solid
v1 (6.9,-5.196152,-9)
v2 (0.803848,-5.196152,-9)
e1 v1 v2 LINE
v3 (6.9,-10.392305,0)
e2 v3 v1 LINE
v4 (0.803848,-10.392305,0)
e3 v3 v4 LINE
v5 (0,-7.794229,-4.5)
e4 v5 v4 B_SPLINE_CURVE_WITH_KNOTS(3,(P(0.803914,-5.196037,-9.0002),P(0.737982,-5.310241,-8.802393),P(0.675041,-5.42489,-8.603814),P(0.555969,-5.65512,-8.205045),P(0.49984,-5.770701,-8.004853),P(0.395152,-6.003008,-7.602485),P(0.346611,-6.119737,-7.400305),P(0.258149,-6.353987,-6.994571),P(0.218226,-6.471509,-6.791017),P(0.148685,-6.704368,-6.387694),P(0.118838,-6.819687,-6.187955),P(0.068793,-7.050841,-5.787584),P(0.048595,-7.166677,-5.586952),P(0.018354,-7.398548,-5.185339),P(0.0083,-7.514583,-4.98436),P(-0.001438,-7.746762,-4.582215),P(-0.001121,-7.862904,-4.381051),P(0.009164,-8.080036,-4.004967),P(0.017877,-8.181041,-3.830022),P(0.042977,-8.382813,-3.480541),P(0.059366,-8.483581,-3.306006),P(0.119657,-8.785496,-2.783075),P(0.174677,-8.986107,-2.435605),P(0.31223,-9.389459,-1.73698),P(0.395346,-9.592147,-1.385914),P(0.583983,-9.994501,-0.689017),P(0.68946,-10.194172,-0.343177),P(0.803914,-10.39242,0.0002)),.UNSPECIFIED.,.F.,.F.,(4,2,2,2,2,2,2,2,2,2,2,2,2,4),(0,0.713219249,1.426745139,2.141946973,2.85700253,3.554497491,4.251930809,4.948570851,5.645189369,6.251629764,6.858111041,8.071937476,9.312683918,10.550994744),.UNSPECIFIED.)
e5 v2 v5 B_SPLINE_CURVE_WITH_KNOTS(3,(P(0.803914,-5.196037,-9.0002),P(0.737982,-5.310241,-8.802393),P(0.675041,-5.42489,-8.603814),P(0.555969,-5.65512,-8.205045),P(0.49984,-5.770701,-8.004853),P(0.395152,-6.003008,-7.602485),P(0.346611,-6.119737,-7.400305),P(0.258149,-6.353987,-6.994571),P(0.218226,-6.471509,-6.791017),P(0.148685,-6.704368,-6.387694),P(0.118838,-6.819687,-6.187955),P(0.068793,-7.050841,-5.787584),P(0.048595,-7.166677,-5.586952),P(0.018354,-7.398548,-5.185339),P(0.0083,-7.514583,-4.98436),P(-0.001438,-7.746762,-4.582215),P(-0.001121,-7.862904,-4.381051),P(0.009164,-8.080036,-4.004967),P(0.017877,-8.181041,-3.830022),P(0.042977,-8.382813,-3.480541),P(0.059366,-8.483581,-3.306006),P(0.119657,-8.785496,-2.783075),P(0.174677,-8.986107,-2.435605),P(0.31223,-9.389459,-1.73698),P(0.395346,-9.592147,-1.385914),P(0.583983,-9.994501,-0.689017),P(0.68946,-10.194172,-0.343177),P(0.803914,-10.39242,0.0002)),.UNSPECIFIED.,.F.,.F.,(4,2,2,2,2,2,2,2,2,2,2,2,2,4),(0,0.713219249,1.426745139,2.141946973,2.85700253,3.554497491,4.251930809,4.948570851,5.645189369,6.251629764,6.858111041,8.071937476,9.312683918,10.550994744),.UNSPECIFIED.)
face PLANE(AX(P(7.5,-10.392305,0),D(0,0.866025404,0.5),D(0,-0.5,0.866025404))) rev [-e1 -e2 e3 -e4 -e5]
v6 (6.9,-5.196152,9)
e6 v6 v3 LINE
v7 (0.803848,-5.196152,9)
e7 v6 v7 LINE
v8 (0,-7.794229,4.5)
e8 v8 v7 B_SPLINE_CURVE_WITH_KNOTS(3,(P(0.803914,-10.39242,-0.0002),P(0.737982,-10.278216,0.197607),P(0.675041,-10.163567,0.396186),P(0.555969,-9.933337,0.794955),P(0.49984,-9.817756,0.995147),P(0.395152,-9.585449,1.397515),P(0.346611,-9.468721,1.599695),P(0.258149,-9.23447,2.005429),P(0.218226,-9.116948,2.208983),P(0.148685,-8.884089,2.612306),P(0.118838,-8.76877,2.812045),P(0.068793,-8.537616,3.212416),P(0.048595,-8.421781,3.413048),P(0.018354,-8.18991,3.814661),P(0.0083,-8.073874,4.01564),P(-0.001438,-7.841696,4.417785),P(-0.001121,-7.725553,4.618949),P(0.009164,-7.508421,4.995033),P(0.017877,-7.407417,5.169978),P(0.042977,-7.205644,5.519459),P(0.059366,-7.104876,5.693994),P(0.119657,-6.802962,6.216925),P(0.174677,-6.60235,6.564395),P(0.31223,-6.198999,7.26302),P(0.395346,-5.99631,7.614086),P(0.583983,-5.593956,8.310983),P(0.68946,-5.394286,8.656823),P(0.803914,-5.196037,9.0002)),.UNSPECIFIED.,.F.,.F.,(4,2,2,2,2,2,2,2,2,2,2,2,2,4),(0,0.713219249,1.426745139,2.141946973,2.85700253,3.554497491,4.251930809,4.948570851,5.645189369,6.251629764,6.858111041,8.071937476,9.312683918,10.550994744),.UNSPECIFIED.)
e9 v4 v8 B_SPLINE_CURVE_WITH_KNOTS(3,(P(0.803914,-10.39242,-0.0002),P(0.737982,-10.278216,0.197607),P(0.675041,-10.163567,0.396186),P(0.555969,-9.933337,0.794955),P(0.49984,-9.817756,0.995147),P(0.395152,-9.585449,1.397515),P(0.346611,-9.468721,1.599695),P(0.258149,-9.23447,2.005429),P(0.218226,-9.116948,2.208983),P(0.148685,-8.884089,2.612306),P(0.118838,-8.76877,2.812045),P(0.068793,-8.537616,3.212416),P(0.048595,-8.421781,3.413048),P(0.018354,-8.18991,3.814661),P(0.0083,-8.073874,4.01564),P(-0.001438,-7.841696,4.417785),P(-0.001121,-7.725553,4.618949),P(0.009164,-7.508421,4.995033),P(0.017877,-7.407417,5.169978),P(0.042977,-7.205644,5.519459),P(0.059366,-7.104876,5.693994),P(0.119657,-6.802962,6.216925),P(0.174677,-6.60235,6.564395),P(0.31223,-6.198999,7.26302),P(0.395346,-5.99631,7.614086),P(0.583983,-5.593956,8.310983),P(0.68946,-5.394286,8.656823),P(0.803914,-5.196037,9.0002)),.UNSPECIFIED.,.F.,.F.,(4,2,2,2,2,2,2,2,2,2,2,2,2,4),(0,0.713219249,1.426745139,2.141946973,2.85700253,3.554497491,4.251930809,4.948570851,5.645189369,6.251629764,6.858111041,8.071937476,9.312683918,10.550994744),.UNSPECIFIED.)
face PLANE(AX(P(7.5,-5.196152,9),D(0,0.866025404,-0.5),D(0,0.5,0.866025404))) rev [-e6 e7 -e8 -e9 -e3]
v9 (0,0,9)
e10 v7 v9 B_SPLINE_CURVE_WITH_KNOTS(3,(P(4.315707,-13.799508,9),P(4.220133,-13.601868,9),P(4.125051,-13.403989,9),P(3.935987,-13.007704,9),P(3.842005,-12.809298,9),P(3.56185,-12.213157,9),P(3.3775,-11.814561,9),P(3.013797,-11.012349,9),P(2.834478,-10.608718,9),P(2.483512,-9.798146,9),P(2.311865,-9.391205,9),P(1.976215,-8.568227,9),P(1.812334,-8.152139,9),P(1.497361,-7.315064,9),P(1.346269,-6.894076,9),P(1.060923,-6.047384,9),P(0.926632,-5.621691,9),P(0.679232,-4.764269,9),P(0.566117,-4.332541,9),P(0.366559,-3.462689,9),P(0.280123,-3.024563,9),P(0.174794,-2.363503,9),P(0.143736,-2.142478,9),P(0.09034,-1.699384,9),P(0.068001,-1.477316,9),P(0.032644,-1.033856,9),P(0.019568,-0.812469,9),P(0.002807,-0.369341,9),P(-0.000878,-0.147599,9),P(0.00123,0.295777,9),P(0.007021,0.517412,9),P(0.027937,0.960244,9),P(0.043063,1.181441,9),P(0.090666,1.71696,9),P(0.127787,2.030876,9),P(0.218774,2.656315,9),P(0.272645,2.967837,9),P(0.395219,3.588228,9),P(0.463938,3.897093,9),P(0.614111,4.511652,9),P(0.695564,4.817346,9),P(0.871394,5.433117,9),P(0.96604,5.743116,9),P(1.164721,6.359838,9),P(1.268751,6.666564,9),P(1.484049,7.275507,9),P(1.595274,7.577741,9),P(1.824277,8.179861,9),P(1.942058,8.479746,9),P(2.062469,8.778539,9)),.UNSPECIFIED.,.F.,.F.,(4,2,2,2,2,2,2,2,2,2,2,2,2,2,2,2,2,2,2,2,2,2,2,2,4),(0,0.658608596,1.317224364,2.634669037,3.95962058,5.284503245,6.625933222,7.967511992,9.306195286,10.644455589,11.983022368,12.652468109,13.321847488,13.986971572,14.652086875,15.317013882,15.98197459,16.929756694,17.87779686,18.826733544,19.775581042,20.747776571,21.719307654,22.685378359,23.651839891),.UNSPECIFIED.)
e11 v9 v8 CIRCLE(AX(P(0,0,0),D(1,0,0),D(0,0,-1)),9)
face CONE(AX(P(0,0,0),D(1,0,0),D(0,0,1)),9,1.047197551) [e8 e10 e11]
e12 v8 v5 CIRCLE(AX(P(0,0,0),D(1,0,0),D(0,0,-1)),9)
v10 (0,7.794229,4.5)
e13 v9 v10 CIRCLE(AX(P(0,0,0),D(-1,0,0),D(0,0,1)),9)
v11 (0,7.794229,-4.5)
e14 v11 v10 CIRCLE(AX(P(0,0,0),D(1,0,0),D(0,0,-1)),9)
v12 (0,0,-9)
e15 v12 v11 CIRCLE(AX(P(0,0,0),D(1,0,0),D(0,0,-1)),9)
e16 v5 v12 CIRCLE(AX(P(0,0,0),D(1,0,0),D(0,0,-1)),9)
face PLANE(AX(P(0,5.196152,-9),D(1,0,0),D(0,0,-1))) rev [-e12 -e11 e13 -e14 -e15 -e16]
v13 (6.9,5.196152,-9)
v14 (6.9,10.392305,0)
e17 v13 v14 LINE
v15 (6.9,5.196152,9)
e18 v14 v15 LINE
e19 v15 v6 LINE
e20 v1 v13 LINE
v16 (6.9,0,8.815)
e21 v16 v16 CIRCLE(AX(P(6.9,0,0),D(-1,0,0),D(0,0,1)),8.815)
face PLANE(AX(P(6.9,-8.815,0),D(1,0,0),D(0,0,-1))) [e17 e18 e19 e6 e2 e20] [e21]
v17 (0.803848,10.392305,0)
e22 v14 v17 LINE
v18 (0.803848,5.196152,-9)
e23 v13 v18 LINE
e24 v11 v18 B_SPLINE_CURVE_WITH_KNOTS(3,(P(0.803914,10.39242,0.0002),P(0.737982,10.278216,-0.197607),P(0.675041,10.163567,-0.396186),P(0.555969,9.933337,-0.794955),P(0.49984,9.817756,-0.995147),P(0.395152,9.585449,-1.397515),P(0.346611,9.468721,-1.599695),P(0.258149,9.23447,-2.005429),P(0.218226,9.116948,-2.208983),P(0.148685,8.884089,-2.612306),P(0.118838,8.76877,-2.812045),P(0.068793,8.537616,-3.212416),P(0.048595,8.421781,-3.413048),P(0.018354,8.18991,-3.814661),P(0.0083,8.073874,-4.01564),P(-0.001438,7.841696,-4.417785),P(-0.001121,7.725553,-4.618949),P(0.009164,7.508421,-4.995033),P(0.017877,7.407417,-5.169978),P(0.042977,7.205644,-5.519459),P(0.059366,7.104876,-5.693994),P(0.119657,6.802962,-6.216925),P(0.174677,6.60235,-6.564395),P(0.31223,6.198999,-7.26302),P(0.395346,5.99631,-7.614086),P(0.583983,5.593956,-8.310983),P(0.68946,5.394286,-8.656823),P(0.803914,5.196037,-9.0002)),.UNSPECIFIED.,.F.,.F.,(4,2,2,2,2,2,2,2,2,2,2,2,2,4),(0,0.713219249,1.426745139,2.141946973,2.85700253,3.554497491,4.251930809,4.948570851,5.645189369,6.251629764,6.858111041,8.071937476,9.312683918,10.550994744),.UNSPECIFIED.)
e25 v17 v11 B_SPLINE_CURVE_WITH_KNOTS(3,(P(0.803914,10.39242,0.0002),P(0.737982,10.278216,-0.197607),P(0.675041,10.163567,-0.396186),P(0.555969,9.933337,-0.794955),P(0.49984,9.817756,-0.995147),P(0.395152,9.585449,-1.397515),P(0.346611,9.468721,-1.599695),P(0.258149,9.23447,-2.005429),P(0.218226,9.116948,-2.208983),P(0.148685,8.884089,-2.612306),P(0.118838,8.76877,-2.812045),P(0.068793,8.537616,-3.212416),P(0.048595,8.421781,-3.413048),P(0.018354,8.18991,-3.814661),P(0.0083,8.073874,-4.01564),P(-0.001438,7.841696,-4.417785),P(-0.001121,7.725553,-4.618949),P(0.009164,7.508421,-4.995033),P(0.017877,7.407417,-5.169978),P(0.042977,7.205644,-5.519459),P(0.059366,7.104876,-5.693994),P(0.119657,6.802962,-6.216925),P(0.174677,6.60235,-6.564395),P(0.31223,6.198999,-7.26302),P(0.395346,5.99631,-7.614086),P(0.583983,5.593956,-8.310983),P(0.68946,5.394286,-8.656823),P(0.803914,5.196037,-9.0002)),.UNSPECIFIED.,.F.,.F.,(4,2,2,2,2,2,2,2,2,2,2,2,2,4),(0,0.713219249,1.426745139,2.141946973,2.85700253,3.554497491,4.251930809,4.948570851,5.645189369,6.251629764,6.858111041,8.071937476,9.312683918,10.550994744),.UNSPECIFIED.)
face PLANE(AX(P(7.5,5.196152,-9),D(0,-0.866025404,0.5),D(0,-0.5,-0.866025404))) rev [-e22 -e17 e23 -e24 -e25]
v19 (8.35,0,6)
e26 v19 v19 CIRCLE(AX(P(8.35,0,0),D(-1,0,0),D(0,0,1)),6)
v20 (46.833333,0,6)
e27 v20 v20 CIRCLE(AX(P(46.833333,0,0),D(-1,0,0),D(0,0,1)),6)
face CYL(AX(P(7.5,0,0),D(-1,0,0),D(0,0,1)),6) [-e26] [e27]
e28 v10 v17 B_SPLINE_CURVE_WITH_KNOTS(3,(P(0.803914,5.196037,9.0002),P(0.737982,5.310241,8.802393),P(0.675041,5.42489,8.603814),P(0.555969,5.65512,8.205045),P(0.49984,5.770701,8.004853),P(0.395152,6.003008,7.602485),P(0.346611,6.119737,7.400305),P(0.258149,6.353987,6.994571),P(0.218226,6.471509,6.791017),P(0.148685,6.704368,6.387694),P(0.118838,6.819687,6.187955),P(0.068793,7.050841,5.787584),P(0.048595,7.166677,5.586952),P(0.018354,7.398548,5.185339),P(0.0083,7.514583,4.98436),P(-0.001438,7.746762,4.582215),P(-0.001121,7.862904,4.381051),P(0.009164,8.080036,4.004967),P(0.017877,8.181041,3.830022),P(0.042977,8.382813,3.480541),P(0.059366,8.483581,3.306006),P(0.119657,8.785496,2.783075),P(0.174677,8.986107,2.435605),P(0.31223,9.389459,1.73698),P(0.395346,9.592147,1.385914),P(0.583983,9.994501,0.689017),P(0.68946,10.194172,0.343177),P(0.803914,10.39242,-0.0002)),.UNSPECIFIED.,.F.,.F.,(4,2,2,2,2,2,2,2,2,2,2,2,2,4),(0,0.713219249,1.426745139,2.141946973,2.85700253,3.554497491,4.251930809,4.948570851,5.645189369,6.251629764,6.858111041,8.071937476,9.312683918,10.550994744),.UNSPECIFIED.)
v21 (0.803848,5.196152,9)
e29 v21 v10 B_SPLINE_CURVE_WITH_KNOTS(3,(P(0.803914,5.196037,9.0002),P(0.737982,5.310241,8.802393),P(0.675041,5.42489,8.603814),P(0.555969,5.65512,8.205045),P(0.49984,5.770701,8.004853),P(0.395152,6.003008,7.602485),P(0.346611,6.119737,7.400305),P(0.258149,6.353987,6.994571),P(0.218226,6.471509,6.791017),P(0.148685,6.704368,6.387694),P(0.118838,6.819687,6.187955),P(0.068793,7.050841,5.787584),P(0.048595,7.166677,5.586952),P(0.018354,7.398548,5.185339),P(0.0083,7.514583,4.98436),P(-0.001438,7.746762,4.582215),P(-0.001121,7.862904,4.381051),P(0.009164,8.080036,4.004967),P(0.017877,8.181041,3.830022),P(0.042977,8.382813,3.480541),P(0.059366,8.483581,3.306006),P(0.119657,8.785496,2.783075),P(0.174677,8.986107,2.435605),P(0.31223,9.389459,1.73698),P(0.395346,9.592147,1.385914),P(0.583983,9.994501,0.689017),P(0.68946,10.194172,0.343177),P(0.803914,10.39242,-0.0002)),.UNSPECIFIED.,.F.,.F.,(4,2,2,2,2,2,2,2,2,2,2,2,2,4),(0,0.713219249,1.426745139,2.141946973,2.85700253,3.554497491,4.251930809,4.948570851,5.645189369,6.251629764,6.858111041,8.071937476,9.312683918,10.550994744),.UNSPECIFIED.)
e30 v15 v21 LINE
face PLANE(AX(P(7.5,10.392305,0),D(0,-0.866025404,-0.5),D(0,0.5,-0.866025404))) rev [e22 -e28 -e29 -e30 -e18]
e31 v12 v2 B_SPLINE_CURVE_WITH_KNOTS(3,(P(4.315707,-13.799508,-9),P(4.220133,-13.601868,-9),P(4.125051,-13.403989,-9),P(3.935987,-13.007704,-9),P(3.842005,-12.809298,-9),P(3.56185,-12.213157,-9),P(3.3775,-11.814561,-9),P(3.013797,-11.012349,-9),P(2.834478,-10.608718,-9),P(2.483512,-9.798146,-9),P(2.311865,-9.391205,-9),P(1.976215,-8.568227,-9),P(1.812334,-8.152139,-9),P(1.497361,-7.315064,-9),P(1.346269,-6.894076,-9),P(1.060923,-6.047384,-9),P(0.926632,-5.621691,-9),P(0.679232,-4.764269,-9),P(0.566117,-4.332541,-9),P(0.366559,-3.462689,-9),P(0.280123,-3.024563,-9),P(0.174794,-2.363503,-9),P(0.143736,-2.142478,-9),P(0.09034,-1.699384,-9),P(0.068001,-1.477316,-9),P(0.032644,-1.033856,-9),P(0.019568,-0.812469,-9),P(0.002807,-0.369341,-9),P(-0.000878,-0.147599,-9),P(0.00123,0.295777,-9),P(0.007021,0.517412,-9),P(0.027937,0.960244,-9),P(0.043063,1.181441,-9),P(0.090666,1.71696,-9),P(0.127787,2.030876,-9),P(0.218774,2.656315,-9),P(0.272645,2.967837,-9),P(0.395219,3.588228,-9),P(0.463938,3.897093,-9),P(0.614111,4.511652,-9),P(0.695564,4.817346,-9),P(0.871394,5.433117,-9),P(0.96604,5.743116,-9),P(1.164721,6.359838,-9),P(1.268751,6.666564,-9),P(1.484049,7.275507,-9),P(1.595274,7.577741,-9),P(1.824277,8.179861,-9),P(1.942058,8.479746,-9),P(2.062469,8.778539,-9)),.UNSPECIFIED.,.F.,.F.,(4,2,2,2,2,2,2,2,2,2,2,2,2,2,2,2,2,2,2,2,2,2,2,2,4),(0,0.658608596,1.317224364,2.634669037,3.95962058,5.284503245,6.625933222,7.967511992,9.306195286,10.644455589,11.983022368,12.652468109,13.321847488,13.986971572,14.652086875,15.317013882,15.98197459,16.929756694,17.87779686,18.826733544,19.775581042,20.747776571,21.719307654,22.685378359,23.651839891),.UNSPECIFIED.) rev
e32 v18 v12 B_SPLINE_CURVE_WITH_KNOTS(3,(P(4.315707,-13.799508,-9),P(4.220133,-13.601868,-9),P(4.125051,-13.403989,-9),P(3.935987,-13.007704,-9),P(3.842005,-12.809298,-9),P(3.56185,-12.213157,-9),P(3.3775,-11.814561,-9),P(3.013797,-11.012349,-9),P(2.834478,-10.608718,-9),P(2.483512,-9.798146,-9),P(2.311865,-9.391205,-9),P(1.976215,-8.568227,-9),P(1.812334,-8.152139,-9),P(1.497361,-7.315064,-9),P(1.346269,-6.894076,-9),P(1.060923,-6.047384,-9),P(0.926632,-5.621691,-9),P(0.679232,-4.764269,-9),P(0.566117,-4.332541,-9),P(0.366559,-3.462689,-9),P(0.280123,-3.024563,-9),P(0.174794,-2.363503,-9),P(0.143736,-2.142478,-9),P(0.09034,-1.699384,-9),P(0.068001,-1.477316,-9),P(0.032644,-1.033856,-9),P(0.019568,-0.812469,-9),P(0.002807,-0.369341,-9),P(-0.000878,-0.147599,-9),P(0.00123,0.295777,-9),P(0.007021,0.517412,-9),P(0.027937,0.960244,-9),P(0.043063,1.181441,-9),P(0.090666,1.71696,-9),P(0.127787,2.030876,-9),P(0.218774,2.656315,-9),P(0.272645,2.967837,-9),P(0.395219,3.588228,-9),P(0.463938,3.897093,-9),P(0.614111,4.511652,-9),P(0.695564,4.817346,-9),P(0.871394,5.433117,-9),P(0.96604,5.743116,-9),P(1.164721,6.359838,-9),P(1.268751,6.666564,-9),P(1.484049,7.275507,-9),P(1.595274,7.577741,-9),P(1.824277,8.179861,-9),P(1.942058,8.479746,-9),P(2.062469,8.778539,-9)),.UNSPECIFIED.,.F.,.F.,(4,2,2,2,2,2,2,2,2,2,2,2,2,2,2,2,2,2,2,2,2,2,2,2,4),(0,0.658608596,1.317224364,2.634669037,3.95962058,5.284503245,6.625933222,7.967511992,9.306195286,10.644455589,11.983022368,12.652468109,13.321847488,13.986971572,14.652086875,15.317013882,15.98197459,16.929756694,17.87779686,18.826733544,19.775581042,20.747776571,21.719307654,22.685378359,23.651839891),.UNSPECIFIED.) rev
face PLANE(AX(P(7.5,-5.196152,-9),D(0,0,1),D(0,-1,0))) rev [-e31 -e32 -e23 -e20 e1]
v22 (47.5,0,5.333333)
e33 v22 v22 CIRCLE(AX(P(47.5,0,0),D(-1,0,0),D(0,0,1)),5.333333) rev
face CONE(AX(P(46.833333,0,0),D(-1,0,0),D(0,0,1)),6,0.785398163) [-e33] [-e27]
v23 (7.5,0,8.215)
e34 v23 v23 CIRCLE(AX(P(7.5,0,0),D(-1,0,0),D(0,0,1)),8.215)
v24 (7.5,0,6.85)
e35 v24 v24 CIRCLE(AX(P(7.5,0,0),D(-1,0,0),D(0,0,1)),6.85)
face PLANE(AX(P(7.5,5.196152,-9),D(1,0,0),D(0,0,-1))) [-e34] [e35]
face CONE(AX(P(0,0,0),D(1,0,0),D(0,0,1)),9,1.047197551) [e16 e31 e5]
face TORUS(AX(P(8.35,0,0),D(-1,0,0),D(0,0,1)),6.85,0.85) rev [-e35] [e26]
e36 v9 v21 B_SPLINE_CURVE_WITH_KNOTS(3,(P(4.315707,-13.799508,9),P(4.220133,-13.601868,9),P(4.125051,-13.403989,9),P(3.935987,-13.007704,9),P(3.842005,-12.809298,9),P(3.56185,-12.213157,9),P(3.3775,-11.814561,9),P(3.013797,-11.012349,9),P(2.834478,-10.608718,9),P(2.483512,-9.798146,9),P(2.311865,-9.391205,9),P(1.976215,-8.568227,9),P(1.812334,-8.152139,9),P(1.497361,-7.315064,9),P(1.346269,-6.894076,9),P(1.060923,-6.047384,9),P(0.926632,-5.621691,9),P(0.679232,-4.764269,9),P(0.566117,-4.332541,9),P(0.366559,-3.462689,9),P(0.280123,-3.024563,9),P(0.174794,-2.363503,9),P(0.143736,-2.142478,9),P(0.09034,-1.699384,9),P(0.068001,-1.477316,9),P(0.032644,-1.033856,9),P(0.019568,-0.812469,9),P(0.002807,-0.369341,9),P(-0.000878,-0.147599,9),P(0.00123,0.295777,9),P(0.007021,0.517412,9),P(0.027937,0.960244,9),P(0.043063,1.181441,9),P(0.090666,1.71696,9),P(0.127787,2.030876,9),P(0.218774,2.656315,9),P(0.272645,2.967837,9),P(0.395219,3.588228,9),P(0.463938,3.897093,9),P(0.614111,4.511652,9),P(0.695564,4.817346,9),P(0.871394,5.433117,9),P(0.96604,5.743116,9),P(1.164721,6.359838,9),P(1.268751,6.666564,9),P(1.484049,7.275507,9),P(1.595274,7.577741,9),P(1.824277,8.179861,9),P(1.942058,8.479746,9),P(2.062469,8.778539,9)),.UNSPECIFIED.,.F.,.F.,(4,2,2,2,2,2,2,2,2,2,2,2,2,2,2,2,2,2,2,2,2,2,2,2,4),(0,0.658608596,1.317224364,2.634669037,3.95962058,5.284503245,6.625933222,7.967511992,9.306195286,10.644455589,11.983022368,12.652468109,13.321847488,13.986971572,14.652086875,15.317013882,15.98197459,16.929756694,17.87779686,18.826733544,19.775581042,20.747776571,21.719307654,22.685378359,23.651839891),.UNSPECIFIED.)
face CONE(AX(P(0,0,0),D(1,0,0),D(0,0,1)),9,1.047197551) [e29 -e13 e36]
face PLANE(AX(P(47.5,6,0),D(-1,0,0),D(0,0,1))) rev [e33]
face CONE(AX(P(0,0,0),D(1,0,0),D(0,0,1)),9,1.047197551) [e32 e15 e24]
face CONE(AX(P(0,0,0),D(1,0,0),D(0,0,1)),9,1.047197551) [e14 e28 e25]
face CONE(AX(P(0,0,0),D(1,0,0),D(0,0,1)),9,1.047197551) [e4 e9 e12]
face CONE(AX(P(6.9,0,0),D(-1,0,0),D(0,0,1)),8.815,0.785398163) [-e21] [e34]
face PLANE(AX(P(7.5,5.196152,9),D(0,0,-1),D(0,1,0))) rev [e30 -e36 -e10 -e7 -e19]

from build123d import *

# Parameters (mm, degrees)
EXTRUDE_1_DEPTH     = 7.5
SKETCH_4_R          = 20.03
SKETCH_4_R_2        = 9
CUT_EXTRUDE_1_DEPTH = 0.9375
CUT_EXTRUDE_1_DRAFT = -60
CHAMFER_2_SIZE      = 0.666666667


with BuildPart() as part:
    # 草图3 → 凸台-拉伸1 (new body)
    with BuildSketch(Plane(origin=(0, 0, 0), x_dir=(0, 0, -1), z_dir=(1, 0, 0))):
        Polygon((9, 5.196152423), (0, 10.392304845), (-9, 5.196152423), (-9, -5.196152423), (0, -10.392304845), (9, -5.196152423), align=None)
    extrude(amount=EXTRUDE_1_DEPTH)


with BuildPart() as cut_extrude_1_tool:
    # 草图4 → 切除-拉伸1 (with draft: the straight prism first)
    with BuildSketch(Plane.ZY):
        Circle(SKETCH_4_R)
        Circle(SKETCH_4_R_2, mode=Mode.SUBTRACT)
    extrude(amount=-CUT_EXTRUDE_1_DEPTH)
    # 切除-拉伸1: the draft: its side faces are tilted about the plane it starts from
    cut_extrude_1_sides = [cut_extrude_1_tool.faces().sort_by_distance(p)[0] for p in [
        (0.46875, 0, -20.03),
        (0.46875, 0, -9),
    ]]
    draft(cut_extrude_1_sides, Plane.ZY, CUT_EXTRUDE_1_DRAFT)


with BuildPart() as part_1:
    add(part.part)

    # 切除-拉伸1: cut by cut_extrude_1_tool
    add(cut_extrude_1_tool.part, mode=Mode.SUBTRACT)

    # 草图5 → 旋转1 (revolve)
    with BuildSketch(Plane.XY, mode=Mode.PRIVATE) as revolve_1_sk:
        with BuildLine():
            Line((8.35, 6), (47.5, 6))
            Line((47.5, 6), (47.5, 0))
            Line((47.5, 0), (7.5, 0))
            Line((7.5, 0), (7.5, 6.85))
            ThreePointArc((7.5, 6.85), (7.748959236, 6.248959236), (8.35, 6))
        make_face()
    revolve(revolve_1_sk.sketch.rotate(Axis((7.5, 0, 0), (1, 0, 0)), 90), axis=Axis((7.5, 0, 0), (1, 0, 0)))

    # 倒角2
    chamfer_2_edges = [part_1.edges().sort_by_distance(p)[0] for p in [
        (47.5, 0, -6),
    ]]
    chamfer(chamfer_2_edges, length=CHAMFER_2_SIZE)

    # 草图7 → 切除-旋转1 (revolve, cut)
    with BuildSketch(Plane.XY, mode=Mode.PRIVATE) as cut_revolve_1_sk:
        Polygon((7.5, 8.215), (6.9, 8.815), (6.9, 20.03), (7.5, 20.03), align=None)
    revolve(cut_revolve_1_sk.sketch.rotate(Axis((0, 0, 0), (1, 0, 0)), 90), axis=Axis((0, 0, 0), (1, 0, 0)), mode=Mode.SUBTRACT)


solid = part_1.part
